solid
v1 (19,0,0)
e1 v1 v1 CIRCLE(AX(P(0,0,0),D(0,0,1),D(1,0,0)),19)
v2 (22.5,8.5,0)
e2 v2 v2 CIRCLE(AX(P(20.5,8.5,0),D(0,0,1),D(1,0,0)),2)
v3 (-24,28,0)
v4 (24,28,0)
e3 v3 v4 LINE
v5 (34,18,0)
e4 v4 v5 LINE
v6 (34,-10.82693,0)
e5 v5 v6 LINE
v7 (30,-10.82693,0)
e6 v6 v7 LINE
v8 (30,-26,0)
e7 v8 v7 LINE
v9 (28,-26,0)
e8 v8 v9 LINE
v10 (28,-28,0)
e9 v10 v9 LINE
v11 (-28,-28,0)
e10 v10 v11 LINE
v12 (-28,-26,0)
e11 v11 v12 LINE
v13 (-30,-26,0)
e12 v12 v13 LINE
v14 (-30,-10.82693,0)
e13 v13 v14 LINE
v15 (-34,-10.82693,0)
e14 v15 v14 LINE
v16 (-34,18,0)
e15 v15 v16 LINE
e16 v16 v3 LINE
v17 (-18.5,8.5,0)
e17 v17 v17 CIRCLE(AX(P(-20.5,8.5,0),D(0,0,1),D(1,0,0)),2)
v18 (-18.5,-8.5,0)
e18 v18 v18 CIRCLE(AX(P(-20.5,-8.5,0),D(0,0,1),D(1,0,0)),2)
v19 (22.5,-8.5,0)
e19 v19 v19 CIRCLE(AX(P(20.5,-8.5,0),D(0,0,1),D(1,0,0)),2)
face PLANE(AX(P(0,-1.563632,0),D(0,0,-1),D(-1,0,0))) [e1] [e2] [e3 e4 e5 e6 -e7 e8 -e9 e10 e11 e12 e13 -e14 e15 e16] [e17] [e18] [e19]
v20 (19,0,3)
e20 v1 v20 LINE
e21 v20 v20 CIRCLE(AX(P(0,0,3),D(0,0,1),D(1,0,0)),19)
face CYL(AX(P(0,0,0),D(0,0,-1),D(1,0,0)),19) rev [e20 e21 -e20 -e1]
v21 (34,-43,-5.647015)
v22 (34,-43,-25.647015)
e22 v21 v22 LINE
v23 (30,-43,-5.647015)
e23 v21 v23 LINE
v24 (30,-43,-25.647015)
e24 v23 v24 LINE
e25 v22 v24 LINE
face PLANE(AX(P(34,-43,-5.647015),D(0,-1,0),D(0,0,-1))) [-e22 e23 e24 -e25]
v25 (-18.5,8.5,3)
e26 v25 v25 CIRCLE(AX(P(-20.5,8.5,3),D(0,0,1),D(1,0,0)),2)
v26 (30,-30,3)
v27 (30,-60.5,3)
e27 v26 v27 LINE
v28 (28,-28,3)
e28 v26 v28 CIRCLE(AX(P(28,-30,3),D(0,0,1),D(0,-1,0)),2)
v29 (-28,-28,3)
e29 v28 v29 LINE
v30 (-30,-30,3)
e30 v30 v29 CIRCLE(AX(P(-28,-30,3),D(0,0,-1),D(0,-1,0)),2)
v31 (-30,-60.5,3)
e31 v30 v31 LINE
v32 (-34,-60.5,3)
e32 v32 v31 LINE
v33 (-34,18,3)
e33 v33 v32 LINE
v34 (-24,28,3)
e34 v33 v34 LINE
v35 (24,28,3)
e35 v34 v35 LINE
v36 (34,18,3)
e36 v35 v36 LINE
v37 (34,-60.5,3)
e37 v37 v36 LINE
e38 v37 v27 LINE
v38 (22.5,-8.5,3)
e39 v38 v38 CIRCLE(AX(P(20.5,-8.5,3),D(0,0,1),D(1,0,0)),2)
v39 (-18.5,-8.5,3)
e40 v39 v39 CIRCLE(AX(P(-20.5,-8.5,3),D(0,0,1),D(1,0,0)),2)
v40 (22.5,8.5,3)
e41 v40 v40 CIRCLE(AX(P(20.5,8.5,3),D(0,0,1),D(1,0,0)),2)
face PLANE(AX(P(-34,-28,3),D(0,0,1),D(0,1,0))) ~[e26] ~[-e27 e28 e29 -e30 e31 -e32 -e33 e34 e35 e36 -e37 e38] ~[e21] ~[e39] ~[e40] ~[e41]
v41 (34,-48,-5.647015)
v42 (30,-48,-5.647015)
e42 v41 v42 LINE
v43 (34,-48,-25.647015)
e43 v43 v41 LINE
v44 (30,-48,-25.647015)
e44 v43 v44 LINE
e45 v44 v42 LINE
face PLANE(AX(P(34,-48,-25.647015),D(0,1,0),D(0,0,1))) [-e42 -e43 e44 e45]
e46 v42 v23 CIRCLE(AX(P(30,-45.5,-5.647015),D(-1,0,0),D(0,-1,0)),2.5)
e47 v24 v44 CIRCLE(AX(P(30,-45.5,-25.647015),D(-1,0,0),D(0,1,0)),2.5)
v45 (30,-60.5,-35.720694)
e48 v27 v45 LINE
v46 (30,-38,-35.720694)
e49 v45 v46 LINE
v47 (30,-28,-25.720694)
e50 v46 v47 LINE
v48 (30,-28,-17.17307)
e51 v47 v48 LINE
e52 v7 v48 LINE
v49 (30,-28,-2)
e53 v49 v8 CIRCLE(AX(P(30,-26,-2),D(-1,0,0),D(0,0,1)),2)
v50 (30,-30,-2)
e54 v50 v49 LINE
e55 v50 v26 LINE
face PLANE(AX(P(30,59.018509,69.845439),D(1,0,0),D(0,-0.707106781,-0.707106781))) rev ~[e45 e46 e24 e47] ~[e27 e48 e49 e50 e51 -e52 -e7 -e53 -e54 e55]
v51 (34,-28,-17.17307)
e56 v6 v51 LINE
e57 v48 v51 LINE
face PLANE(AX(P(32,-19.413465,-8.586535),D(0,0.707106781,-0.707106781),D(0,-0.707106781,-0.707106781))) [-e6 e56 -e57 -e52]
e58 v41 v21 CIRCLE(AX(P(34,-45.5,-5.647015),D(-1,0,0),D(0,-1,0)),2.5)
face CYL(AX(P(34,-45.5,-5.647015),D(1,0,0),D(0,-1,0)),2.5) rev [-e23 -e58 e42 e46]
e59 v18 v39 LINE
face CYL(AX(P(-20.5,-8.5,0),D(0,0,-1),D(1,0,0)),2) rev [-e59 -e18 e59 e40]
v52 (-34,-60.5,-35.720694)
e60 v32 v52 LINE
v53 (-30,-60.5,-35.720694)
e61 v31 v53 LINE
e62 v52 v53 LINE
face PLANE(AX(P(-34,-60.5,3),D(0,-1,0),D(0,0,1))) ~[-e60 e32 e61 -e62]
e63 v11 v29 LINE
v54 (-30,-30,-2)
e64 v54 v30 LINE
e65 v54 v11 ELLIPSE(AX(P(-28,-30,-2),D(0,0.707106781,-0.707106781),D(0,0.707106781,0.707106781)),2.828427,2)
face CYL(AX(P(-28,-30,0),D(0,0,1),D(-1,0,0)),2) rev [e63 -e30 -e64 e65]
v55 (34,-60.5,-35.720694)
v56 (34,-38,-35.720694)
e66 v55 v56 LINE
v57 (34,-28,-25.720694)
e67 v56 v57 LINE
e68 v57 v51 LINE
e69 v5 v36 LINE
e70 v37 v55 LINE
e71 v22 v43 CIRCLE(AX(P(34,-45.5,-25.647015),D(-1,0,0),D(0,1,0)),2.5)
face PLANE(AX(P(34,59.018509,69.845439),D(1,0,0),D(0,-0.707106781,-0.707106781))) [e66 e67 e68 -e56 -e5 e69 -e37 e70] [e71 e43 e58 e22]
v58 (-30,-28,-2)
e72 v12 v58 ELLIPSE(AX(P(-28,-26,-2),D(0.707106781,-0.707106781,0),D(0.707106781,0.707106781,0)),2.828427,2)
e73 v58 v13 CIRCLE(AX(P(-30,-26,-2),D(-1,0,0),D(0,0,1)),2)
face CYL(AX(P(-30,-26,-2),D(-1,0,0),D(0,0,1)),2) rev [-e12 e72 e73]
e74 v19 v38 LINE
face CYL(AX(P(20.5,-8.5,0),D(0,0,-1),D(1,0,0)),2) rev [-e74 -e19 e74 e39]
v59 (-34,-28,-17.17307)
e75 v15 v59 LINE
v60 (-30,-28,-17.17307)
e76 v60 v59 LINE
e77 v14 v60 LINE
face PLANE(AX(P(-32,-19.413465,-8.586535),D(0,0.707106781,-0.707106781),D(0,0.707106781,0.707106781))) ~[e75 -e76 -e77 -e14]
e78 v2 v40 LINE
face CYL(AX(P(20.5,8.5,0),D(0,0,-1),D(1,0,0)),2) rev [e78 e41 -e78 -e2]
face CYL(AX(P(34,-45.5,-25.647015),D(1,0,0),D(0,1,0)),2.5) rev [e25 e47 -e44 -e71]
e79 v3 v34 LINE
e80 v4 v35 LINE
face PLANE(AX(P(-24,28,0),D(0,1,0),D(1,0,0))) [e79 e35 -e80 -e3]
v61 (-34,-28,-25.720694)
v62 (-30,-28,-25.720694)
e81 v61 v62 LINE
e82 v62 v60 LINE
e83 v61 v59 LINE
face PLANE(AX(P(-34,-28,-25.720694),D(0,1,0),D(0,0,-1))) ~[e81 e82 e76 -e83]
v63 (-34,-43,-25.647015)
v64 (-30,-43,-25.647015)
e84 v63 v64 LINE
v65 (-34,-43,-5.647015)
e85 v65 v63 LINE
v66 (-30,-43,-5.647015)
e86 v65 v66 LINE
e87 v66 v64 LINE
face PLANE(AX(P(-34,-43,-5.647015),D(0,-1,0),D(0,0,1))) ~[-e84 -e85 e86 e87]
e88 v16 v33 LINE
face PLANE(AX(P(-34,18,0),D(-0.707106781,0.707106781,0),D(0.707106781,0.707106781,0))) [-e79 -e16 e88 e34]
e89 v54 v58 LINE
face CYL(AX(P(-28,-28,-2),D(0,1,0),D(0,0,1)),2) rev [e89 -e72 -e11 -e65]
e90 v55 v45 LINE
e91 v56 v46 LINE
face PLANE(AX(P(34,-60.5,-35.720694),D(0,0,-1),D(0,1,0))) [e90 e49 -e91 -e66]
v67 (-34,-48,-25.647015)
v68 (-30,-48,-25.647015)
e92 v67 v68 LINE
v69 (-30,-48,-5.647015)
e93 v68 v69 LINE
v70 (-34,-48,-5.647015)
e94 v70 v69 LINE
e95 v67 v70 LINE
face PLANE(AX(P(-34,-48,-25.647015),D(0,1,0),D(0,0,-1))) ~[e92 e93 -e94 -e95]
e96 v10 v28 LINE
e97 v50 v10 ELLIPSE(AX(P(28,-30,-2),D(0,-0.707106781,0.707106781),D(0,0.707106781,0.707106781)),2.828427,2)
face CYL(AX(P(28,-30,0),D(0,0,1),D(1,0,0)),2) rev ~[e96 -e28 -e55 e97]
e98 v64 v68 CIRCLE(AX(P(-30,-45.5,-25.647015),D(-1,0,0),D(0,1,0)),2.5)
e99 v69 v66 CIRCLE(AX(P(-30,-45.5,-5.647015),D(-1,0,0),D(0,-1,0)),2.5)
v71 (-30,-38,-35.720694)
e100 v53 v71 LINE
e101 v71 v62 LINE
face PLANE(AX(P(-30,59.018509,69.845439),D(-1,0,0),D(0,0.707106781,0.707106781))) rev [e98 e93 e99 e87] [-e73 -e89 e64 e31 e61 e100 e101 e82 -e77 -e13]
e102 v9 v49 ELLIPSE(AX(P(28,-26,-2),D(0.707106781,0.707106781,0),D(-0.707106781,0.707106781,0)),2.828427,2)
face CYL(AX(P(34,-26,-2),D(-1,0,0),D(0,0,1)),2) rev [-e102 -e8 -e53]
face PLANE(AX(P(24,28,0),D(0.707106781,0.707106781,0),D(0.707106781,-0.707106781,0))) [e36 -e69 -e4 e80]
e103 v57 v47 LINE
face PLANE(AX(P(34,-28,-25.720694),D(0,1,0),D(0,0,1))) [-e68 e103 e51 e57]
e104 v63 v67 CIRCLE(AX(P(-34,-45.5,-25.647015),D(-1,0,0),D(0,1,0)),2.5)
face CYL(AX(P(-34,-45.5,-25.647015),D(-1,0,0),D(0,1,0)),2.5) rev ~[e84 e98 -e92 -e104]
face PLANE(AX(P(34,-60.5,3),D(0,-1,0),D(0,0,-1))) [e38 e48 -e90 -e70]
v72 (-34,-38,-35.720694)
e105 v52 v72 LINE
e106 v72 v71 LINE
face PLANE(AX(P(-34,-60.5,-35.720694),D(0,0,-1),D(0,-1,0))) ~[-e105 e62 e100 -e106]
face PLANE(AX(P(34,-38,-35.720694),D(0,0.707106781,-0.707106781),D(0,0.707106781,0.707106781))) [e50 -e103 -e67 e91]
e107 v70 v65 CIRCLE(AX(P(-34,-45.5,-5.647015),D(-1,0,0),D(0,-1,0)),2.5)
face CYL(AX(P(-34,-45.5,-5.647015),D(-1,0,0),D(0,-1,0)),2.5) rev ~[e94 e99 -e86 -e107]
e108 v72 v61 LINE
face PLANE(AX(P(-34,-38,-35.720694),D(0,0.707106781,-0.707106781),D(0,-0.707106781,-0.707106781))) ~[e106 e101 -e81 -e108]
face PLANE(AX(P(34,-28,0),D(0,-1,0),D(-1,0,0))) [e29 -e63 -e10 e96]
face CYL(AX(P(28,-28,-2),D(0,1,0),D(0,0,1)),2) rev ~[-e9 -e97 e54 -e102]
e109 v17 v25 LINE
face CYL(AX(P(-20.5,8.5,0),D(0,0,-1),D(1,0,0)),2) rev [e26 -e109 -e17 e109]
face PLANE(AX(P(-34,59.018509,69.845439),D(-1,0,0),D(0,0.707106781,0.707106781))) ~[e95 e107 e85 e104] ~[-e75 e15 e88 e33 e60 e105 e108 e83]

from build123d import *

# Parameters (mm, degrees)
SKETCH_1_R             = 2
SKETCH_1_R_2           = 19
EXTRUDE_1_DEPTH        = 3
EXTRUDE_2_DEPTH        = 4
FILLET_3_R             = 2
FILLET_4_R             = 2
FILLET_3_OF_MIRROR_1_R = 2
FILLET_4_OF_MIRROR_1_R = 2
RIB_1_REACH            = 99.776
SKETCH_4_WALL_W        = 221.83912235
SKETCH_4_WALL_H        = 4


with BuildPart() as part:
    # 草图1 → 凸台-拉伸1 (new body)
    with BuildSketch(Plane.XY):
        Polygon((-24, 28), (24, 28), (34, 18), (34, -28), (-34, -28), (-34, 18), align=None)
        with Locations((20.5, -8.5)):
            Circle(SKETCH_1_R, mode=Mode.SUBTRACT)
        with Locations((20.5, 8.5)):
            Circle(SKETCH_1_R, mode=Mode.SUBTRACT)
        with Locations((-20.5, -8.5)):
            Circle(SKETCH_1_R, mode=Mode.SUBTRACT)
        with Locations((-20.5, 8.5)):
            Circle(SKETCH_1_R, mode=Mode.SUBTRACT)
        Circle(SKETCH_1_R_2, mode=Mode.SUBTRACT)
    extrude(amount=EXTRUDE_1_DEPTH)

    # 草图3 → 凸台-拉伸2 (add)
    with BuildSketch(Plane(origin=(34, 0, 0), x_dir=(0, 0, -1), z_dir=(1, 0, 0))):
        Polygon((-3, -28), (-3, -60.5), (35.720694049, -60.5), (35.720694049, -38), (25.720694049, -28), align=None)
        with BuildLine():
            Line((5.647014868, -43), (25.647014868, -43))
            ThreePointArc((25.647014868, -43), (28.147014868, -45.5), (25.647014868, -48))
            Line((25.647014868, -48), (5.647014868, -48))
            ThreePointArc((5.647014868, -48), (3.147014868, -45.5), (5.647014868, -43))
        make_face(mode=Mode.SUBTRACT)
    extrude_2 = extrude(amount=-EXTRUDE_2_DEPTH)

    # 圆角3
    fillet_3_edges = [part.edges().sort_by_distance(p)[0] for p in [
        (32, -28, 0),
    ]]
    fillet(fillet_3_edges, radius=FILLET_3_R)

    # 圆角4
    fillet_4_edges = [part.edges().sort_by_distance(p)[0] for p in [
        (30, -28, 1.5),
        (30, -27, 0),
    ]]
    fillet(fillet_4_edges, radius=FILLET_4_R)

    # 镜向1: 凸台-拉伸2 across plane
    add(extrude_2.mirror(Plane(origin=(0, 0, 0), x_dir=(0, 0, 1), z_dir=(1, 0, 0))))

    # 圆角3 of 镜向1
    fillet_3_of_mirror_1_edges = [part.edges().sort_by_distance(p)[0] for p in [
        (-32, -28, 0),
    ]]
    fillet(fillet_3_of_mirror_1_edges, radius=FILLET_3_OF_MIRROR_1_R)

    # 圆角4 of 镜向1
    fillet_4_of_mirror_1_edges = [part.edges().sort_by_distance(p)[0] for p in [
        (-30, -28, 1.5),
        (-30, -27, 0),
    ]]
    fillet(fillet_4_of_mirror_1_edges, radius=FILLET_4_OF_MIRROR_1_R)

    # 草图4 wall → 筋1 (add, up to next)
    with BuildSketch(Plane(origin=(34, -19.413465197, -8.586534803), x_dir=(0, -0.707106781187, -0.707106781187), z_dir=(0, 0.707106781187, -0.707106781187)), mode=Mode.PRIVATE) as rib_1_sk1:
        with Locations((0, 2)):
            Rectangle(SKETCH_4_WALL_W, SKETCH_4_WALL_H)
    rib_1_tool1 = extrude(rib_1_sk1.sketch, amount=-RIB_1_REACH, mode=Mode.PRIVATE) - part.part
    rib_1 = rib_1_tool1.solids().sort_by_distance((34, -19.413465197, -8.586534803))[0]
    add(rib_1)

    # 镜向2: 筋1 across plane
    add(rib_1.mirror(Plane(origin=(0, 0, 0), x_dir=(0, 0, 1), z_dir=(1, 0, 0))))


solid = part.part
